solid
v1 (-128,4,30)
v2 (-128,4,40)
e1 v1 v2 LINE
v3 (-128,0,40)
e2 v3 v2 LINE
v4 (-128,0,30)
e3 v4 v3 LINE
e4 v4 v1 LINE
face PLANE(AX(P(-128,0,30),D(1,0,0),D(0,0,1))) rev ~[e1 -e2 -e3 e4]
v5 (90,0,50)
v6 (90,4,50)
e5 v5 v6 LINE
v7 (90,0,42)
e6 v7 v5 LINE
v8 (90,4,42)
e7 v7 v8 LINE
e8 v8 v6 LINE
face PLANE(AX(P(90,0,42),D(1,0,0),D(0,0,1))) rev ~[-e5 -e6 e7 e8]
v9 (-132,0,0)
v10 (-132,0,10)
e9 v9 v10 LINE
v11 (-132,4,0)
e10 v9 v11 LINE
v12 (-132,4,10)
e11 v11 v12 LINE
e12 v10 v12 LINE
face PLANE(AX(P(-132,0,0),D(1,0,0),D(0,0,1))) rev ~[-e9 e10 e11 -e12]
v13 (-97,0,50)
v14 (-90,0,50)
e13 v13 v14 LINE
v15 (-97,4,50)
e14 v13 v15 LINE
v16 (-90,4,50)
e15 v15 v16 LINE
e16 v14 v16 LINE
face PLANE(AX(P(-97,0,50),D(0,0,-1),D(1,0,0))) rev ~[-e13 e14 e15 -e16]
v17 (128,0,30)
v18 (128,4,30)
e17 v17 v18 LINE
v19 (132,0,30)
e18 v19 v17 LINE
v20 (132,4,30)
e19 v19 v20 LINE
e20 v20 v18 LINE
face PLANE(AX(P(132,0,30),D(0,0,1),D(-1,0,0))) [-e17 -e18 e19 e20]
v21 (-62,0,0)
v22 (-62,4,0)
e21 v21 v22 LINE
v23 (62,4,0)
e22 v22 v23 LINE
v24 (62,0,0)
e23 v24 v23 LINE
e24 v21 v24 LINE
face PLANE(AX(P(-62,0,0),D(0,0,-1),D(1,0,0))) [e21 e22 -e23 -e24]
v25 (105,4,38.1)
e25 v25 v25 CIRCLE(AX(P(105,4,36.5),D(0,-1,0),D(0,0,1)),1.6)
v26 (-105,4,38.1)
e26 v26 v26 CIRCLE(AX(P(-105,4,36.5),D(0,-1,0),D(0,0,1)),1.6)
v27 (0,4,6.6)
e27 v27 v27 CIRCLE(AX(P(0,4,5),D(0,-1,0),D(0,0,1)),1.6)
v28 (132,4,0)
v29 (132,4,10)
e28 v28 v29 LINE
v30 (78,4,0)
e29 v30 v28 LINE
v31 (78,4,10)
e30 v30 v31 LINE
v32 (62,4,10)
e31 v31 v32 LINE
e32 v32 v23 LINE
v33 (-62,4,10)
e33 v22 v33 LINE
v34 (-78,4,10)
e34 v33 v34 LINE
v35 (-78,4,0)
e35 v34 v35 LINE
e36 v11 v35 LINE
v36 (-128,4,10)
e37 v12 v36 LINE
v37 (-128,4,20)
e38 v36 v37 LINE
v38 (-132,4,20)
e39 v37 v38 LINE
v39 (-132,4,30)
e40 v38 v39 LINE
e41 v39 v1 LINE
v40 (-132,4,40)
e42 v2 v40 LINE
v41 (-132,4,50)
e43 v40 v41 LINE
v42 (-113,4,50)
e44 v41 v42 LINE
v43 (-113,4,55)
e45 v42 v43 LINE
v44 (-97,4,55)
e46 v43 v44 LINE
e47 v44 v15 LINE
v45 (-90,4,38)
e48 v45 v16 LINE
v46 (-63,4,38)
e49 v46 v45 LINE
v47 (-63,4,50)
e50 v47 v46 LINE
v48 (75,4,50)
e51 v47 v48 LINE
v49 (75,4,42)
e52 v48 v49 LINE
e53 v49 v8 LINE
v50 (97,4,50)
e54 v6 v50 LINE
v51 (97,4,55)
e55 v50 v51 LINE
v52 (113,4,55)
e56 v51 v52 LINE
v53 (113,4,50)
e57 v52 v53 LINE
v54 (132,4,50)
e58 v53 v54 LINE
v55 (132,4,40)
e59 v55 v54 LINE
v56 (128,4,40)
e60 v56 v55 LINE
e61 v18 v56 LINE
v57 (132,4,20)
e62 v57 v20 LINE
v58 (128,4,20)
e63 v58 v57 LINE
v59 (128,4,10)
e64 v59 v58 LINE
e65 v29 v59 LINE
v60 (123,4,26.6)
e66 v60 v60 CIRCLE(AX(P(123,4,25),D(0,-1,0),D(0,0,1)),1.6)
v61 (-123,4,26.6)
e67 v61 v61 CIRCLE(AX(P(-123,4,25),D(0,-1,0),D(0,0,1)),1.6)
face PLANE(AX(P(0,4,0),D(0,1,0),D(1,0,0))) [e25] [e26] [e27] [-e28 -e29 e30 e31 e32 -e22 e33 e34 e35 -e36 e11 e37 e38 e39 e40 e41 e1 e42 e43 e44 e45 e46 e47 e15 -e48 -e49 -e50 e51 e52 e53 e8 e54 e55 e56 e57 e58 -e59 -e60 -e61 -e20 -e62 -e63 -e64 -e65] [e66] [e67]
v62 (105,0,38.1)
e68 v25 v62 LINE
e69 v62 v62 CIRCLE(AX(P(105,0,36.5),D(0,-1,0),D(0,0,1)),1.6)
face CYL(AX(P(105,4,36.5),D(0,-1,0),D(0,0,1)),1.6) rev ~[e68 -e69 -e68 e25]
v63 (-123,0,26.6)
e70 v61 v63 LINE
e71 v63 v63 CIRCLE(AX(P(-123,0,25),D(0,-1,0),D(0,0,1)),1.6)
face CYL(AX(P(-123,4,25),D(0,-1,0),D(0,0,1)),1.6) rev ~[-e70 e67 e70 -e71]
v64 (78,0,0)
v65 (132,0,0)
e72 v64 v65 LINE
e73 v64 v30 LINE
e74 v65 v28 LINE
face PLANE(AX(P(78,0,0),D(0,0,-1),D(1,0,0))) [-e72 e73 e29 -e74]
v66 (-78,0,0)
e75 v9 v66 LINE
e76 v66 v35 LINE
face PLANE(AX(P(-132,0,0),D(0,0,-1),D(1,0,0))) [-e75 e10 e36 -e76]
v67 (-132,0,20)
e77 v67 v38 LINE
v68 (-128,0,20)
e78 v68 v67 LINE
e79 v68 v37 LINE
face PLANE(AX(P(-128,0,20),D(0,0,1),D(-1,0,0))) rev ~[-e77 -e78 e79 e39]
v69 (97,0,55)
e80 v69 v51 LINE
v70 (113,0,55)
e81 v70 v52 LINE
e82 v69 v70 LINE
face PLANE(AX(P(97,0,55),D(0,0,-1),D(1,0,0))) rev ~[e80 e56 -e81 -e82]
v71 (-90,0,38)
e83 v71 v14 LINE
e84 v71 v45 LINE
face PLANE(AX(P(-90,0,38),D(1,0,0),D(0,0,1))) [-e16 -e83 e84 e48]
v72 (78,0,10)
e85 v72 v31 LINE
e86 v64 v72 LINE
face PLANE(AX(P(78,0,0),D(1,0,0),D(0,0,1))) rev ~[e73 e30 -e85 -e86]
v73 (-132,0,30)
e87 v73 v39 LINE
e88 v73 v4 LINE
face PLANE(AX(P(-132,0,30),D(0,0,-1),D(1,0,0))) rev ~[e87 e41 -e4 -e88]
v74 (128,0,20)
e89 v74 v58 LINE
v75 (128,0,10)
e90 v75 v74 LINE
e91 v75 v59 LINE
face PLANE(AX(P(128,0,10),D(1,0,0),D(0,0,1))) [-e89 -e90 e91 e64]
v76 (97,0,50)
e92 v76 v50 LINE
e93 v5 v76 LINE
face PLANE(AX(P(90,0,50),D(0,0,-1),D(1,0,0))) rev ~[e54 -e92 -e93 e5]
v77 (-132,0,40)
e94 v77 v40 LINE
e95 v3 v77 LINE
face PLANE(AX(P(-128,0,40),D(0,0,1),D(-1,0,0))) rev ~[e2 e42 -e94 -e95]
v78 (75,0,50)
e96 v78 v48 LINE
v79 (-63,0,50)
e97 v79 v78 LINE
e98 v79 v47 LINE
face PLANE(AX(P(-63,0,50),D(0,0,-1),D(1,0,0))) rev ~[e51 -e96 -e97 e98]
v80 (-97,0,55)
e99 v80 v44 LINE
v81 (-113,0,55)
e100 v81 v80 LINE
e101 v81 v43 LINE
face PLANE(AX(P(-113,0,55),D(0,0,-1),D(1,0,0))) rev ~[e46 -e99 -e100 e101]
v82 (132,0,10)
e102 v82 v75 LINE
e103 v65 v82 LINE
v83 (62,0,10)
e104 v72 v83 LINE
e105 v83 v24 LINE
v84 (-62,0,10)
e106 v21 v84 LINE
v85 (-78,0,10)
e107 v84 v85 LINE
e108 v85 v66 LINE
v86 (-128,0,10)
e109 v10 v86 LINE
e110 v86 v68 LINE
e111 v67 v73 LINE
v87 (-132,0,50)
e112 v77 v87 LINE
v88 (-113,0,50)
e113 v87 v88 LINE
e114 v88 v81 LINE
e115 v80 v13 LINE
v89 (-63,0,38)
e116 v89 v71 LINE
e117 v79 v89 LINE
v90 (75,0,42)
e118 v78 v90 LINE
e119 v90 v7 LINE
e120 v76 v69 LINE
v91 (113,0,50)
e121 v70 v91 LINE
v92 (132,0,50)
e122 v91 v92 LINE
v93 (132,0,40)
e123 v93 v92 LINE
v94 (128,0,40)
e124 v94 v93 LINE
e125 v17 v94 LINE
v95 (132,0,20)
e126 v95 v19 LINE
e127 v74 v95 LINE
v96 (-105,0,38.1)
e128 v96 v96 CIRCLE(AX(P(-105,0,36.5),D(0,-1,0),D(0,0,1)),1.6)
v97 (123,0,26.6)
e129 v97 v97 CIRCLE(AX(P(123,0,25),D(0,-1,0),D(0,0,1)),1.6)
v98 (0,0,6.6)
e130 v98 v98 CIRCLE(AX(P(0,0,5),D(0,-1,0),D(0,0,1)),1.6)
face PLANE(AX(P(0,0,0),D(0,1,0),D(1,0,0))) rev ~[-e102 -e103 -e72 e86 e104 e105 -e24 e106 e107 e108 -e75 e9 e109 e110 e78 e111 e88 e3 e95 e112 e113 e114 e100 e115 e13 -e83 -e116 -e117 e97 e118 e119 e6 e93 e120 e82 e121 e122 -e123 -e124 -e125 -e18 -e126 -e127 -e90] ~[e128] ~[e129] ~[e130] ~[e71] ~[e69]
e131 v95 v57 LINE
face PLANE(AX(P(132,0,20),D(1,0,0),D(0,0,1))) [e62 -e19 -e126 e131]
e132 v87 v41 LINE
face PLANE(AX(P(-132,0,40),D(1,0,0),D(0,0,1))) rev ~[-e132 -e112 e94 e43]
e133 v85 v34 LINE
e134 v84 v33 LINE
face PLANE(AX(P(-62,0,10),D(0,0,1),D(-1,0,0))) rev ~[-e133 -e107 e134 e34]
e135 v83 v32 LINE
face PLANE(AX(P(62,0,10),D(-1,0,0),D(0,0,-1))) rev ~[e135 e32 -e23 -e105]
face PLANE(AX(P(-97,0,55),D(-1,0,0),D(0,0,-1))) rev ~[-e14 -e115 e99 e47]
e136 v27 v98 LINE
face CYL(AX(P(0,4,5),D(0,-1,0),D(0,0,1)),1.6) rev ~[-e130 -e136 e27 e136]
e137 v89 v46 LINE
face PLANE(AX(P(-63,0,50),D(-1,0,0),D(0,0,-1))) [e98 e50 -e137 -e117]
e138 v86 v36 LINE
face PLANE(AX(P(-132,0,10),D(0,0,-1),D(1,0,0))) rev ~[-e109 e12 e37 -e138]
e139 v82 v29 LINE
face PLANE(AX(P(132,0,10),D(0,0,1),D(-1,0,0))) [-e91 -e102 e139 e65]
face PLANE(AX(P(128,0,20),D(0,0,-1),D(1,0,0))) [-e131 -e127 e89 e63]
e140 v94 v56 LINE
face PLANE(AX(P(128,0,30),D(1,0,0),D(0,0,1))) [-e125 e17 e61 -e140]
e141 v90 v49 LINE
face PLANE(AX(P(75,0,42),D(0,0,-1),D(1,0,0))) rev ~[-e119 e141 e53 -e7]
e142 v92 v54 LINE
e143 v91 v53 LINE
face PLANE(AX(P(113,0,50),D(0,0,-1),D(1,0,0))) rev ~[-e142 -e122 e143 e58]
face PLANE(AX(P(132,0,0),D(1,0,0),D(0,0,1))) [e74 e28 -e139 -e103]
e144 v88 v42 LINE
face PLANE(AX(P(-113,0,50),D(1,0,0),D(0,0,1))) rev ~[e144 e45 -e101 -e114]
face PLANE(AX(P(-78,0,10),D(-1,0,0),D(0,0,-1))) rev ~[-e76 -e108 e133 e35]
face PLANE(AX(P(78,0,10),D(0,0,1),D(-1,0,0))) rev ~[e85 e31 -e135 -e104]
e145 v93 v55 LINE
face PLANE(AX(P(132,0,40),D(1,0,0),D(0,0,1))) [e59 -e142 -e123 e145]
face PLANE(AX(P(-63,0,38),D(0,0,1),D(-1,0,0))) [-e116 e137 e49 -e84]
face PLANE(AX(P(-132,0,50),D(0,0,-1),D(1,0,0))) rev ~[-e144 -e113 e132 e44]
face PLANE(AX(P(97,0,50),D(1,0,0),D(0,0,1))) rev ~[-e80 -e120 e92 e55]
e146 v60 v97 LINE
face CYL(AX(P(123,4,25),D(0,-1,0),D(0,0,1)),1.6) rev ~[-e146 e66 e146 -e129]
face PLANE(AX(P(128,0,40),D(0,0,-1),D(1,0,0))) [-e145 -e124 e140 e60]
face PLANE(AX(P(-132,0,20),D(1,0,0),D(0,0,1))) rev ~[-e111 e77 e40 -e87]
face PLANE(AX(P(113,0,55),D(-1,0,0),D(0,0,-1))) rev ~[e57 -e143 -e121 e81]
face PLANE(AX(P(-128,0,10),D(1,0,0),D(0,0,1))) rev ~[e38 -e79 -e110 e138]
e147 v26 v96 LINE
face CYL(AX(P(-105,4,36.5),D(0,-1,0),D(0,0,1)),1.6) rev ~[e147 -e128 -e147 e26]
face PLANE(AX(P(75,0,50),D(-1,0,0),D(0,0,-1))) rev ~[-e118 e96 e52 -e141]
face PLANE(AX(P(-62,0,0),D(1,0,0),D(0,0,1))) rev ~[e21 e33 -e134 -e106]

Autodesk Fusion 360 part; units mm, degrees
sketch "スケッチ1" plane through (0, 0, 0) normal (0, 1, 0) x (1, 0, 0)
  line L0 (-132, 0) -> (132, 0)
  line L1 (-132, 0) -> (-132, -10)
  line L2 (-132, -10) -> (-128, -10)
  line L3 (-128, -10) -> (-128, -20)
  line L4 (-128, -20) -> (-132, -20)
  line L5 (-132, -20) -> (-132, -30)
  line L6 (-132, -30) -> (-128, -30)
  line L7 (-128, -30) -> (-128, -40)
  line L8 (-128, -40) -> (-132, -40)
  line L9 (-132, -40) -> (-132, -50)
  line L10 (-132, -50) -> (132, -50)
  line L11 (132, 0) -> (132, -10)
  line L12 (132, -10) -> (128, -10)
  line L13 (128, -10) -> (128, -20)
  line L14 (128, -20) -> (132, -20)
  line L15 (132, -20) -> (132, -30)
  line L16 (132, -30) -> (128, -30)
  line L17 (128, -30) -> (128, -40)
  line L18 (128, -40) -> (132, -40)
  line L19 (132, -40) -> (132, -50)
  line L20 (-78, 0) -> (-62, 0)
  line L21 (-62, 0) -> (-62, -10)
  line L22 (-62, -10) -> (-78, -10)
  line L23 (-78, -10) -> (-78, 0)
  line L24 (62, 0) -> (78, 0)
  line L25 (78, 0) -> (78, -10)
  line L26 (78, -10) -> (62, -10)
  line L27 (62, -10) -> (62, 0)
  line L28 (-113, -55) -> (-97, -55)
  line L29 (-97, -55) -> (-97, -50)
  line L30 (-97, -50) -> (-113, -50)
  line L31 (-113, -50) -> (-113, -55)
  line L32 (97, -55) -> (113, -55)
  line L33 (113, -55) -> (113, -50)
  line L34 (113, -50) -> (97, -50)
  line L35 (97, -50) -> (97, -55)
  line L36 (-90, -50) -> (-63, -50)
  line L37 (-63, -50) -> (-63, -38)
  line L38 (-63, -38) -> (-90, -38)
  line L39 (-90, -38) -> (-90, -50)
  line L40 (90, -50) -> (75, -50)
  line L41 (75, -50) -> (75, -42)
  line L42 (75, -42) -> (90, -42)
  line L43 (90, -42) -> (90, -50)
  point P0 (0, -25)
  point P1 (-105, -50)
  point P2 (105, -50)
  dimension "d1" = 264
  dimension "d2" = 10
  dimension "d3" = 10
  dimension "d4" = 10
  dimension "d5" = 10
  dimension "d6" = 10
  dimension "d7" = 4
  dimension "d9" = 4
  dimension "d40" = 62
  dimension "d41" = 16
  dimension "d42" = 10
  dimension "d43" = 62
  dimension "d45" = 5
  dimension "d46" = 16
  dimension "d47" = 105
  dimension "d48" = 105
  dimension "d51" = 63
  dimension "d52" = 27
  dimension "d53" = 12
  dimension "d54" = 75
  dimension "d55" = 15
  dimension "d56" = 8
extrude "押し出し1" add sketch "スケッチ1" along normal blind 4 contours L0 L1 L2 L3 L4 L5 L6 L7 L8 L9 L10 L11 L12 L13 L14 L15 L16 L17 L18 L19 L21 L22 L23 L25 L26 L27 L30 L34 L37 L38 L39 L41 L42 L43 | L10 L28 L29 L30 L31 | L10 L32 L33 L34 L35
sketch "スケッチ2" plane through (0, 4, 0) normal (0, 1, 0) x (-1, 0, 0)
  line L0 (-132, 50) -> (-132, 40)
  line L1 (-132, 40) -> (-128, 40)
  line L2 (-128, 40) -> (-128, 30)
  line L3 (-128, 30) -> (-132, 30)
  line L4 (-132, 30) -> (-132, 20)
  line L5 (-132, 20) -> (-128, 20)
  line L6 (-128, 20) -> (-128, 10)
  line L7 (-128, 10) -> (-132, 10)
  line L8 (-132, 10) -> (-132, 0)
  line L9 (-62, 0) -> (62, 0)
  line L10 (123, 25) -> (-123, 25)
  line L11 (105, 36.5) -> (-105, 36.5)
  line L12 (132, 0) -> (132, 10)
  line L13 (132, 10) -> (128, 10)
  line L14 (128, 10) -> (128, 20)
  line L15 (128, 20) -> (132, 20)
  line L16 (132, 20) -> (132, 30)
  line L17 (132, 30) -> (128, 30)
  line L18 (128, 30) -> (128, 40)
  line L19 (128, 40) -> (132, 40)
  line L20 (132, 40) -> (132, 50)
  line L21 (63, 50) -> (-75, 50)
  line L22 (-78, 0) -> (-78, 10)
  line L23 (-78, 10) -> (-62, 10)
  line L24 (-62, 10) -> (-62, 0)
  line L25 (62, 0) -> (62, 10)
  line L26 (62, 10) -> (78, 10)
  line L27 (78, 10) -> (78, 0)
  line L28 (78, 0) -> (132, 0)
  line L29 (-132, 0) -> (-78, 0)
  line L30 (113, 50) -> (113, 55)
  line L31 (113, 55) -> (97, 55)
  line L32 (97, 55) -> (97, 50)
  line L33 (97, 50) -> (90, 50)
  line L34 (-97, 50) -> (-97, 55)
  line L35 (-97, 55) -> (-113, 55)
  line L36 (-113, 55) -> (-113, 50)
  line L37 (-113, 50) -> (-132, 50)
  line L38 (-75, 50) -> (-75, 42)
  line L39 (-75, 42) -> (-90, 42)
  line L40 (-90, 42) -> (-90, 50)
  line L41 (-90, 50) -> (-97, 50)
  line L42 (132, 50) -> (113, 50)
  line L43 (90, 50) -> (90, 38)
  line L44 (90, 38) -> (63, 38)
  line L45 (63, 38) -> (63, 50)
  point P0 (0, 5)
  dimension "d17" = 25
  dimension "d19" = 5
  dimension "d24" = 105
  dimension "d25" = 105
  dimension "d44" = 5
  dimension "d49" = 13.5
  dimension "d50" = 5
hole "穴1" at (-123, 4, 25) at (123, 4, 25) at (-105, 4, 36.5) at (105, 4, 36.5) at (0, 4, 5) direction (0, -1, 0) diameter 3.2 end through all
